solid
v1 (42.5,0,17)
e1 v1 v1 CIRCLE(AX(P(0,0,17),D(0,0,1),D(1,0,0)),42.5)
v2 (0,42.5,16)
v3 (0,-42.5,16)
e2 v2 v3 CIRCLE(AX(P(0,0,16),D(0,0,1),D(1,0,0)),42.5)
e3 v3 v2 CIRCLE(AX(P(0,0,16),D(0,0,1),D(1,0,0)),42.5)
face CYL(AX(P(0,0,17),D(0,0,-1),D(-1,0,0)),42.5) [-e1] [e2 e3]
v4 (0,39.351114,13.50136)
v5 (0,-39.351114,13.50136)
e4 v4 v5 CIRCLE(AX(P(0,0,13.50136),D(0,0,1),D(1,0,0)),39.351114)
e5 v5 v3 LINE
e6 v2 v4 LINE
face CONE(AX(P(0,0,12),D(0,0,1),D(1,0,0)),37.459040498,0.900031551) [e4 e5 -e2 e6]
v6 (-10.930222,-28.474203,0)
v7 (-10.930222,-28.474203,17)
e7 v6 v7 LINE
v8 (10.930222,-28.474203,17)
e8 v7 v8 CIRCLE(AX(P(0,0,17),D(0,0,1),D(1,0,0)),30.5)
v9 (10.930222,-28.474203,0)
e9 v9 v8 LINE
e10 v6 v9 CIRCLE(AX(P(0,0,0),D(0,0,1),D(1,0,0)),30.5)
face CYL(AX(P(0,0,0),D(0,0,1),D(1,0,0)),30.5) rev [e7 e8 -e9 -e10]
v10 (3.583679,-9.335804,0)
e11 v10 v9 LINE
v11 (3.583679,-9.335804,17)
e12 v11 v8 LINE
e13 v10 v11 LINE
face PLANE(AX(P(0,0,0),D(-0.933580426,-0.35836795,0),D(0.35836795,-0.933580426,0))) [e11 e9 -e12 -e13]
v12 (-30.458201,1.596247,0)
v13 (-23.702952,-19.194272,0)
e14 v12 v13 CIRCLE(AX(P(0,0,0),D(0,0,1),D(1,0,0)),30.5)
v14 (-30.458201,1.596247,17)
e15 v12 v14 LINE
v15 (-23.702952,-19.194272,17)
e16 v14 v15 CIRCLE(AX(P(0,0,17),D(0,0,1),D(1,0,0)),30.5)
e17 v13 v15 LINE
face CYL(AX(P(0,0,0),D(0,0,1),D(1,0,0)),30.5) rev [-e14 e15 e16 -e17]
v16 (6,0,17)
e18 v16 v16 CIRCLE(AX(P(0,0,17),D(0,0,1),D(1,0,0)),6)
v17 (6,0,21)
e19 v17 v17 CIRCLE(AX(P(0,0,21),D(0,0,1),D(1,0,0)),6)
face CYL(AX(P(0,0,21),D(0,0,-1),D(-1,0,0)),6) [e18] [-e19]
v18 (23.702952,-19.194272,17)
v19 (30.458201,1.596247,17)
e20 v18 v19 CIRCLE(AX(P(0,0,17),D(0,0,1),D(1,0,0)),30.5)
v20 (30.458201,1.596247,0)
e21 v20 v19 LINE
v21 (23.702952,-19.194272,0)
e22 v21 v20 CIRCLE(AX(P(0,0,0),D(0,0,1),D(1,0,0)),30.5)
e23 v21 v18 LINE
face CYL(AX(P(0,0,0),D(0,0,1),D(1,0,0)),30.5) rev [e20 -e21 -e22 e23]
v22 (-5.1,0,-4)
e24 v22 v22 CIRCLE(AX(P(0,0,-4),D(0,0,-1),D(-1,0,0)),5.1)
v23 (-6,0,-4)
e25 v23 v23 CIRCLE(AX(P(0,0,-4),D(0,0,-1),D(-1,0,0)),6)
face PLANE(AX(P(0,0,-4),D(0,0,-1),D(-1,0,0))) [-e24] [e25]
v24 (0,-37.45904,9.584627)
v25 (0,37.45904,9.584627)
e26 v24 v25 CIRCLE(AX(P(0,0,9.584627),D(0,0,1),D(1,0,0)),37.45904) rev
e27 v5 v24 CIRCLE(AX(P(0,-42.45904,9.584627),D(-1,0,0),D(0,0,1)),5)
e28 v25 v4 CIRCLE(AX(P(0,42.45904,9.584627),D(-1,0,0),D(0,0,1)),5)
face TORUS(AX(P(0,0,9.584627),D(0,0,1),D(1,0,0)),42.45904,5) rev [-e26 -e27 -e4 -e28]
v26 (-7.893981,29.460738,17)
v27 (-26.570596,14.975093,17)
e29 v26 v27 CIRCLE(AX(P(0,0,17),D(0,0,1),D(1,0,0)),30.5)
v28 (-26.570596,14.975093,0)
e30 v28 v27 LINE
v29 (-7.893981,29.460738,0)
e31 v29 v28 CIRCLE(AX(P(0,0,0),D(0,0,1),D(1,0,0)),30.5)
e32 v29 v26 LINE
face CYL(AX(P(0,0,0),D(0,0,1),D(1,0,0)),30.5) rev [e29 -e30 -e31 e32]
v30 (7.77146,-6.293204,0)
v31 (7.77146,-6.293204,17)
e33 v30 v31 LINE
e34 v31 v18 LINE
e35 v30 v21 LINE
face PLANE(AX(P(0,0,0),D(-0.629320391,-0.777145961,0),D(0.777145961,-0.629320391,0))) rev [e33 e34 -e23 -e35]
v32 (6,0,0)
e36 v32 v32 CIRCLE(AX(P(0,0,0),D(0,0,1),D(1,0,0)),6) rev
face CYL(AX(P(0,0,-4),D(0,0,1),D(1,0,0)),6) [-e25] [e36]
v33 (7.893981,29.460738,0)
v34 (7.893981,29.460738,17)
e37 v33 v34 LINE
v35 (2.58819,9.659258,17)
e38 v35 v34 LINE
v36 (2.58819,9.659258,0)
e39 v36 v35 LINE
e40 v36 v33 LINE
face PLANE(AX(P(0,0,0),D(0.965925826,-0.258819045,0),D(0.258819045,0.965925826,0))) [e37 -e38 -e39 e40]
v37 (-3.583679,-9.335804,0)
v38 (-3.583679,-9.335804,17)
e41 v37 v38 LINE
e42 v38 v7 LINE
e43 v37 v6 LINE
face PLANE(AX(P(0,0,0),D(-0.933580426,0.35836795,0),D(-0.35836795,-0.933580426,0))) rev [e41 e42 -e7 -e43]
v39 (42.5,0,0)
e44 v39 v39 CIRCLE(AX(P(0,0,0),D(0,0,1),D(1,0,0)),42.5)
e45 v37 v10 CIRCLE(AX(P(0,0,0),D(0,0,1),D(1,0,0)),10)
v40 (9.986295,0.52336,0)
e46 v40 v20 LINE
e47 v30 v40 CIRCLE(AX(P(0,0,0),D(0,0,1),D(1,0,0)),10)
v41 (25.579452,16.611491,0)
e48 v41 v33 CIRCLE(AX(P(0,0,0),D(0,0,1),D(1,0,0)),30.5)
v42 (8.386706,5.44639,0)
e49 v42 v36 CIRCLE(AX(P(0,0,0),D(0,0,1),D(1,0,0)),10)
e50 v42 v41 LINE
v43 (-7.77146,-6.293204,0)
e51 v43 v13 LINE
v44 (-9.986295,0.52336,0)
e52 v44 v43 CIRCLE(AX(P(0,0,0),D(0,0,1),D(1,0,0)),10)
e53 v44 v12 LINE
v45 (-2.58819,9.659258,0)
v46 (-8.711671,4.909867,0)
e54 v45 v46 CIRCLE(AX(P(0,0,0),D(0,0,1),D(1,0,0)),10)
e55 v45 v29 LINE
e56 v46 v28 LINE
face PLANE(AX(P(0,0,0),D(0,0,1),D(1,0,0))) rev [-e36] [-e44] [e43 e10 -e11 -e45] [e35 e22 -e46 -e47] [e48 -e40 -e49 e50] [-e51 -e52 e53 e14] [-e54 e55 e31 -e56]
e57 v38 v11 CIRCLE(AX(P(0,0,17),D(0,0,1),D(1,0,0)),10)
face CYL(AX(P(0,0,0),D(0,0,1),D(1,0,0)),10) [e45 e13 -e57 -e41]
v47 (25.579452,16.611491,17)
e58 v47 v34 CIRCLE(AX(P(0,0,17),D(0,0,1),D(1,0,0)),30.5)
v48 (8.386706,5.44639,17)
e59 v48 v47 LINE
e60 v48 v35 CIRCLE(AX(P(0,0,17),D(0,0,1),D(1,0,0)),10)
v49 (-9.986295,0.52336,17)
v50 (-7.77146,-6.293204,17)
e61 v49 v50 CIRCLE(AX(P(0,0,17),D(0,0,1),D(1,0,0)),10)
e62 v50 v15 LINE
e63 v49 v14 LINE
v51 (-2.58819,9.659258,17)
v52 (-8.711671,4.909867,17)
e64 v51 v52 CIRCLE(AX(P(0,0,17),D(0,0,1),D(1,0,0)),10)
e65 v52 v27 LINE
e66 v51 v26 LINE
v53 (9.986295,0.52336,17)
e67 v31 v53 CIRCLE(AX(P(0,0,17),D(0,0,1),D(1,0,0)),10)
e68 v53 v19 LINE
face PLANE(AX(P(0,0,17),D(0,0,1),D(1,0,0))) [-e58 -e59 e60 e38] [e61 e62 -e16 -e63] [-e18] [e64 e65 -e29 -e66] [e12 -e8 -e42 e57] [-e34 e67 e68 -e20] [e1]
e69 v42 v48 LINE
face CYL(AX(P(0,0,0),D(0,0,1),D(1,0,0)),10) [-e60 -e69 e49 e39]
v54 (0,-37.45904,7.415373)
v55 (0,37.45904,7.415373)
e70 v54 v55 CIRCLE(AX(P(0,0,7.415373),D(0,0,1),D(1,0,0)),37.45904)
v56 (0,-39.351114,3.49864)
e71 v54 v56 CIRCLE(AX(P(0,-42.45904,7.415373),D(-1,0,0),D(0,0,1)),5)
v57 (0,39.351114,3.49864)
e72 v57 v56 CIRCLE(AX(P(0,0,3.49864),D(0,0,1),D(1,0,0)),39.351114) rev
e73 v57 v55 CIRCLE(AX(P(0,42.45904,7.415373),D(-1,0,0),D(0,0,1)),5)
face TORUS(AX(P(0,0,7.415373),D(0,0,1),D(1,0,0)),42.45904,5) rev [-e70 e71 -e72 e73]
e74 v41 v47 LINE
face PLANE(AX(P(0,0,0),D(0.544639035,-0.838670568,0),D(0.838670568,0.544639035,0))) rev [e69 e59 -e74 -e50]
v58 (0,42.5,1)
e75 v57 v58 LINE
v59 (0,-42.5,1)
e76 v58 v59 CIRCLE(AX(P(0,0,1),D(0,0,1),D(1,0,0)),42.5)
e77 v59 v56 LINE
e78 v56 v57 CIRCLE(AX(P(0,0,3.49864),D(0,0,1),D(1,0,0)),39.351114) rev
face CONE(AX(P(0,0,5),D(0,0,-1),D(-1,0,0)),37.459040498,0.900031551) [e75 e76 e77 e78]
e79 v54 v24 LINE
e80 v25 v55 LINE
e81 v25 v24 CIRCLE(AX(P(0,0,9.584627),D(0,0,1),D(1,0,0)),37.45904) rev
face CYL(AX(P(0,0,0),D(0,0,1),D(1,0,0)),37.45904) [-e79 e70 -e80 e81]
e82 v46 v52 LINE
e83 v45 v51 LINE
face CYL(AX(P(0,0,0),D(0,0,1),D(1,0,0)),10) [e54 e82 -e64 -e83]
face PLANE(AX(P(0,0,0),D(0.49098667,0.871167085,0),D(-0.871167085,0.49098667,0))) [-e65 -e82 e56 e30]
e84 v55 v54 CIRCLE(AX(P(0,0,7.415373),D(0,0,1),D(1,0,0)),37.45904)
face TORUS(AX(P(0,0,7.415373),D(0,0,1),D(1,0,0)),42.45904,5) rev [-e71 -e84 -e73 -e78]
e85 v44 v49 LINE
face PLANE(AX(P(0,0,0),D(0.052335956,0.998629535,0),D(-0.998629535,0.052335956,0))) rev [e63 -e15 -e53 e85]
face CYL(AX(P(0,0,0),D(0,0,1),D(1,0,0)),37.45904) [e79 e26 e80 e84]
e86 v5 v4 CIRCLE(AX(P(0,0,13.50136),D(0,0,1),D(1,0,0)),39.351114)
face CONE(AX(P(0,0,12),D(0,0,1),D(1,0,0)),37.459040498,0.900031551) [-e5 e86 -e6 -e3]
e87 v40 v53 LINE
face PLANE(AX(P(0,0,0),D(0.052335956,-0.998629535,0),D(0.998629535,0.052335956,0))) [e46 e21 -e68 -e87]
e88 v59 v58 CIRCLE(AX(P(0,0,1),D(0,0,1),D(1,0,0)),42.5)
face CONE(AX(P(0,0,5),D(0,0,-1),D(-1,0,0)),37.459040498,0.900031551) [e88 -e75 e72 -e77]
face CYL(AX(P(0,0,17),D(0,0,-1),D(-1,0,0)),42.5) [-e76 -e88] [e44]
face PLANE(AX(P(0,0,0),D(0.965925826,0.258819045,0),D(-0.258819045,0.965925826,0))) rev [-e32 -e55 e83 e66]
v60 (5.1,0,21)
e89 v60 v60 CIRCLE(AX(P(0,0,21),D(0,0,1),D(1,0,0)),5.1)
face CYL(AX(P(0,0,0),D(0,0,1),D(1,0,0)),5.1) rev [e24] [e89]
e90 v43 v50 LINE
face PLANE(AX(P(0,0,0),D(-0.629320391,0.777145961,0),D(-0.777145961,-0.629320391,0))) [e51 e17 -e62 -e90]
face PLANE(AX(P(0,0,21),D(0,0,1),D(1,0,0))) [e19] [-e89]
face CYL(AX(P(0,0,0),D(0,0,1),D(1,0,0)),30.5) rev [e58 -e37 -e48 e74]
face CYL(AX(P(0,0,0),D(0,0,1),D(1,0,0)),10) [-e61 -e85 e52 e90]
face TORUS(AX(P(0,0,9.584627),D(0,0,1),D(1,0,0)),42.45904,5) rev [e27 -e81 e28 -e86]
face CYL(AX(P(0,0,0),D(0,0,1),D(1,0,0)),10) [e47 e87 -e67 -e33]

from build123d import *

# Parameters (mm, degrees)
SKETCH1_R           = 42.5
BOSS_EXTRUDE1_DEPTH = 17
CUT_EXTRUDE3_DEPTH  = 17
SKETCH4_R           = 5.1
CUT_EXTRUDE4_DEPTH  = 17
SKETCH5_R           = 6
SKETCH5_R_2         = 5.1
BOSS_EXTRUDE2_DEPTH = 4
SKETCH6_R           = 6
SKETCH6_R_2         = 5.1
BOSS_EXTRUDE3_DEPTH = 4
FILLET1_R           = 5
FILLET2_R           = 5


with BuildPart() as part:
    # Sketch1 → Boss-Extrude1 (new body)
    with BuildSketch(Plane.XY):
        Circle(SKETCH1_R)
    extrude(amount=BOSS_EXTRUDE1_DEPTH)

    # Sketch3 → Cut-Extrude3 (cut)
    with BuildSketch(Plane.XY.offset(17)):
        with BuildLine():
            ThreePointArc((-8.711670849, 4.9098667), (-6.128694511, 7.901841785), (-2.588190451, 9.659258263))
            Line((-2.588190451, 9.659258263), (-7.893980876, 29.460737702))
            ThreePointArc((-7.893980876, 29.460737702), (-18.692518258, 24.100617444), (-26.570596091, 14.975093435))
            Line((-26.570596091, 14.975093435), (-8.711670849, 4.9098667))
        make_face()
        with BuildLine():
            Line((7.893980876, 29.460737702), (2.588190451, 9.659258263))
            ThreePointArc((2.588190451, 9.659258263), (5.877852523, 8.090169944), (8.386705679, 5.44639035))
            Line((8.386705679, 5.44639035), (25.579452322, 16.611490568))
            ThreePointArc((25.579452322, 16.611490568), (17.927450195, 24.675018328), (7.893980876, 29.460737702))
        make_face()
        with BuildLine():
            Line((30.45820081, 1.596246665), (9.986295348, 0.523359562))
            ThreePointArc((9.986295348, 0.523359562), (9.99657325, 0.261769483), (10, 0))
            ThreePointArc((10, 0), (9.426414911, -3.338068592), (7.771459615, -6.29320391))
            Line((7.771459615, -6.29320391), (23.702951824, -19.194271927))
            ThreePointArc((23.702951824, -19.194271927), (28.750565478, -10.181109207), (30.5, 0))
            ThreePointArc((30.5, 0), (30.489548412, 0.798396923), (30.45820081, 1.596246665))
        make_face()
        with BuildLine():
            Line((10.930222461, -28.474203008), (3.583679495, -9.335804265))
            ThreePointArc((3.583679495, -9.335804265), (0, -10), (-3.583679495, -9.335804265))
            Line((-3.583679495, -9.335804265), (-10.930222461, -28.474203008))
            ThreePointArc((-10.930222461, -28.474203008), (0, -30.5), (10.930222461, -28.474203008))
        make_face()
        with BuildLine():
            Line((-23.702951824, -19.194271927), (-7.771459615, -6.29320391))
            ThreePointArc((-7.771459615, -6.29320391), (-9.510565163, -3.090169944), (-9.986295348, 0.523359562))
            Line((-9.986295348, 0.523359562), (-30.45820081, 1.596246665))
            ThreePointArc((-30.45820081, 1.596246665), (-29.007223747, -9.425018328), (-23.702951824, -19.194271927))
        make_face()
    extrude(amount=-CUT_EXTRUDE3_DEPTH, mode=Mode.SUBTRACT)

    # Sketch4 → Cut-Extrude4 (cut)
    with BuildSketch(Plane.XY.offset(17)):
        Circle(SKETCH4_R)
    extrude(amount=-CUT_EXTRUDE4_DEPTH, mode=Mode.SUBTRACT)

    # Sketch5 → Boss-Extrude2 (add)
    with BuildSketch(Plane.XY.offset(17)):
        Circle(SKETCH5_R)
        Circle(SKETCH5_R_2, mode=Mode.SUBTRACT)
    extrude(amount=BOSS_EXTRUDE2_DEPTH)

    # Sketch6 → Boss-Extrude3 (add)
    with BuildSketch(Plane(origin=(0, 0, 0), x_dir=(-1, 0, 0), z_dir=(0, 0, -1))):
        Circle(SKETCH6_R)
        Circle(SKETCH6_R_2, mode=Mode.SUBTRACT)
    extrude(amount=BOSS_EXTRUDE3_DEPTH)

    # Sketch10 → Cut-Revolve1 (revolve, cut)
    with BuildSketch(Plane(origin=(0, 0, 0), x_dir=(0, 0, -1), z_dir=(1, 0, 0))):
        Polygon((-16, 42.5), (-8.5, 42.5), (-8.5, 37.459040498), (-12, 37.459040498), align=None)
        Polygon((-8.5, 42.5), (-1, 42.5), (-5, 37.459040498), (-8.5, 37.459040498), align=None)
    revolve(axis=Axis((0, 0, 0), (0, 0, -1)), mode=Mode.SUBTRACT)

    # Fillet1
    fillet1_edges = [part.edges().sort_by_distance(p)[0] for p in [
        (0, -37.459040498, 5),
    ]]
    fillet(fillet1_edges, radius=FILLET1_R)

    # Fillet2
    fillet2_edges = [part.edges().sort_by_distance(p)[0] for p in [
        (0, -37.459040498, 12),
    ]]
    fillet(fillet2_edges, radius=FILLET2_R)


solid = part.part
